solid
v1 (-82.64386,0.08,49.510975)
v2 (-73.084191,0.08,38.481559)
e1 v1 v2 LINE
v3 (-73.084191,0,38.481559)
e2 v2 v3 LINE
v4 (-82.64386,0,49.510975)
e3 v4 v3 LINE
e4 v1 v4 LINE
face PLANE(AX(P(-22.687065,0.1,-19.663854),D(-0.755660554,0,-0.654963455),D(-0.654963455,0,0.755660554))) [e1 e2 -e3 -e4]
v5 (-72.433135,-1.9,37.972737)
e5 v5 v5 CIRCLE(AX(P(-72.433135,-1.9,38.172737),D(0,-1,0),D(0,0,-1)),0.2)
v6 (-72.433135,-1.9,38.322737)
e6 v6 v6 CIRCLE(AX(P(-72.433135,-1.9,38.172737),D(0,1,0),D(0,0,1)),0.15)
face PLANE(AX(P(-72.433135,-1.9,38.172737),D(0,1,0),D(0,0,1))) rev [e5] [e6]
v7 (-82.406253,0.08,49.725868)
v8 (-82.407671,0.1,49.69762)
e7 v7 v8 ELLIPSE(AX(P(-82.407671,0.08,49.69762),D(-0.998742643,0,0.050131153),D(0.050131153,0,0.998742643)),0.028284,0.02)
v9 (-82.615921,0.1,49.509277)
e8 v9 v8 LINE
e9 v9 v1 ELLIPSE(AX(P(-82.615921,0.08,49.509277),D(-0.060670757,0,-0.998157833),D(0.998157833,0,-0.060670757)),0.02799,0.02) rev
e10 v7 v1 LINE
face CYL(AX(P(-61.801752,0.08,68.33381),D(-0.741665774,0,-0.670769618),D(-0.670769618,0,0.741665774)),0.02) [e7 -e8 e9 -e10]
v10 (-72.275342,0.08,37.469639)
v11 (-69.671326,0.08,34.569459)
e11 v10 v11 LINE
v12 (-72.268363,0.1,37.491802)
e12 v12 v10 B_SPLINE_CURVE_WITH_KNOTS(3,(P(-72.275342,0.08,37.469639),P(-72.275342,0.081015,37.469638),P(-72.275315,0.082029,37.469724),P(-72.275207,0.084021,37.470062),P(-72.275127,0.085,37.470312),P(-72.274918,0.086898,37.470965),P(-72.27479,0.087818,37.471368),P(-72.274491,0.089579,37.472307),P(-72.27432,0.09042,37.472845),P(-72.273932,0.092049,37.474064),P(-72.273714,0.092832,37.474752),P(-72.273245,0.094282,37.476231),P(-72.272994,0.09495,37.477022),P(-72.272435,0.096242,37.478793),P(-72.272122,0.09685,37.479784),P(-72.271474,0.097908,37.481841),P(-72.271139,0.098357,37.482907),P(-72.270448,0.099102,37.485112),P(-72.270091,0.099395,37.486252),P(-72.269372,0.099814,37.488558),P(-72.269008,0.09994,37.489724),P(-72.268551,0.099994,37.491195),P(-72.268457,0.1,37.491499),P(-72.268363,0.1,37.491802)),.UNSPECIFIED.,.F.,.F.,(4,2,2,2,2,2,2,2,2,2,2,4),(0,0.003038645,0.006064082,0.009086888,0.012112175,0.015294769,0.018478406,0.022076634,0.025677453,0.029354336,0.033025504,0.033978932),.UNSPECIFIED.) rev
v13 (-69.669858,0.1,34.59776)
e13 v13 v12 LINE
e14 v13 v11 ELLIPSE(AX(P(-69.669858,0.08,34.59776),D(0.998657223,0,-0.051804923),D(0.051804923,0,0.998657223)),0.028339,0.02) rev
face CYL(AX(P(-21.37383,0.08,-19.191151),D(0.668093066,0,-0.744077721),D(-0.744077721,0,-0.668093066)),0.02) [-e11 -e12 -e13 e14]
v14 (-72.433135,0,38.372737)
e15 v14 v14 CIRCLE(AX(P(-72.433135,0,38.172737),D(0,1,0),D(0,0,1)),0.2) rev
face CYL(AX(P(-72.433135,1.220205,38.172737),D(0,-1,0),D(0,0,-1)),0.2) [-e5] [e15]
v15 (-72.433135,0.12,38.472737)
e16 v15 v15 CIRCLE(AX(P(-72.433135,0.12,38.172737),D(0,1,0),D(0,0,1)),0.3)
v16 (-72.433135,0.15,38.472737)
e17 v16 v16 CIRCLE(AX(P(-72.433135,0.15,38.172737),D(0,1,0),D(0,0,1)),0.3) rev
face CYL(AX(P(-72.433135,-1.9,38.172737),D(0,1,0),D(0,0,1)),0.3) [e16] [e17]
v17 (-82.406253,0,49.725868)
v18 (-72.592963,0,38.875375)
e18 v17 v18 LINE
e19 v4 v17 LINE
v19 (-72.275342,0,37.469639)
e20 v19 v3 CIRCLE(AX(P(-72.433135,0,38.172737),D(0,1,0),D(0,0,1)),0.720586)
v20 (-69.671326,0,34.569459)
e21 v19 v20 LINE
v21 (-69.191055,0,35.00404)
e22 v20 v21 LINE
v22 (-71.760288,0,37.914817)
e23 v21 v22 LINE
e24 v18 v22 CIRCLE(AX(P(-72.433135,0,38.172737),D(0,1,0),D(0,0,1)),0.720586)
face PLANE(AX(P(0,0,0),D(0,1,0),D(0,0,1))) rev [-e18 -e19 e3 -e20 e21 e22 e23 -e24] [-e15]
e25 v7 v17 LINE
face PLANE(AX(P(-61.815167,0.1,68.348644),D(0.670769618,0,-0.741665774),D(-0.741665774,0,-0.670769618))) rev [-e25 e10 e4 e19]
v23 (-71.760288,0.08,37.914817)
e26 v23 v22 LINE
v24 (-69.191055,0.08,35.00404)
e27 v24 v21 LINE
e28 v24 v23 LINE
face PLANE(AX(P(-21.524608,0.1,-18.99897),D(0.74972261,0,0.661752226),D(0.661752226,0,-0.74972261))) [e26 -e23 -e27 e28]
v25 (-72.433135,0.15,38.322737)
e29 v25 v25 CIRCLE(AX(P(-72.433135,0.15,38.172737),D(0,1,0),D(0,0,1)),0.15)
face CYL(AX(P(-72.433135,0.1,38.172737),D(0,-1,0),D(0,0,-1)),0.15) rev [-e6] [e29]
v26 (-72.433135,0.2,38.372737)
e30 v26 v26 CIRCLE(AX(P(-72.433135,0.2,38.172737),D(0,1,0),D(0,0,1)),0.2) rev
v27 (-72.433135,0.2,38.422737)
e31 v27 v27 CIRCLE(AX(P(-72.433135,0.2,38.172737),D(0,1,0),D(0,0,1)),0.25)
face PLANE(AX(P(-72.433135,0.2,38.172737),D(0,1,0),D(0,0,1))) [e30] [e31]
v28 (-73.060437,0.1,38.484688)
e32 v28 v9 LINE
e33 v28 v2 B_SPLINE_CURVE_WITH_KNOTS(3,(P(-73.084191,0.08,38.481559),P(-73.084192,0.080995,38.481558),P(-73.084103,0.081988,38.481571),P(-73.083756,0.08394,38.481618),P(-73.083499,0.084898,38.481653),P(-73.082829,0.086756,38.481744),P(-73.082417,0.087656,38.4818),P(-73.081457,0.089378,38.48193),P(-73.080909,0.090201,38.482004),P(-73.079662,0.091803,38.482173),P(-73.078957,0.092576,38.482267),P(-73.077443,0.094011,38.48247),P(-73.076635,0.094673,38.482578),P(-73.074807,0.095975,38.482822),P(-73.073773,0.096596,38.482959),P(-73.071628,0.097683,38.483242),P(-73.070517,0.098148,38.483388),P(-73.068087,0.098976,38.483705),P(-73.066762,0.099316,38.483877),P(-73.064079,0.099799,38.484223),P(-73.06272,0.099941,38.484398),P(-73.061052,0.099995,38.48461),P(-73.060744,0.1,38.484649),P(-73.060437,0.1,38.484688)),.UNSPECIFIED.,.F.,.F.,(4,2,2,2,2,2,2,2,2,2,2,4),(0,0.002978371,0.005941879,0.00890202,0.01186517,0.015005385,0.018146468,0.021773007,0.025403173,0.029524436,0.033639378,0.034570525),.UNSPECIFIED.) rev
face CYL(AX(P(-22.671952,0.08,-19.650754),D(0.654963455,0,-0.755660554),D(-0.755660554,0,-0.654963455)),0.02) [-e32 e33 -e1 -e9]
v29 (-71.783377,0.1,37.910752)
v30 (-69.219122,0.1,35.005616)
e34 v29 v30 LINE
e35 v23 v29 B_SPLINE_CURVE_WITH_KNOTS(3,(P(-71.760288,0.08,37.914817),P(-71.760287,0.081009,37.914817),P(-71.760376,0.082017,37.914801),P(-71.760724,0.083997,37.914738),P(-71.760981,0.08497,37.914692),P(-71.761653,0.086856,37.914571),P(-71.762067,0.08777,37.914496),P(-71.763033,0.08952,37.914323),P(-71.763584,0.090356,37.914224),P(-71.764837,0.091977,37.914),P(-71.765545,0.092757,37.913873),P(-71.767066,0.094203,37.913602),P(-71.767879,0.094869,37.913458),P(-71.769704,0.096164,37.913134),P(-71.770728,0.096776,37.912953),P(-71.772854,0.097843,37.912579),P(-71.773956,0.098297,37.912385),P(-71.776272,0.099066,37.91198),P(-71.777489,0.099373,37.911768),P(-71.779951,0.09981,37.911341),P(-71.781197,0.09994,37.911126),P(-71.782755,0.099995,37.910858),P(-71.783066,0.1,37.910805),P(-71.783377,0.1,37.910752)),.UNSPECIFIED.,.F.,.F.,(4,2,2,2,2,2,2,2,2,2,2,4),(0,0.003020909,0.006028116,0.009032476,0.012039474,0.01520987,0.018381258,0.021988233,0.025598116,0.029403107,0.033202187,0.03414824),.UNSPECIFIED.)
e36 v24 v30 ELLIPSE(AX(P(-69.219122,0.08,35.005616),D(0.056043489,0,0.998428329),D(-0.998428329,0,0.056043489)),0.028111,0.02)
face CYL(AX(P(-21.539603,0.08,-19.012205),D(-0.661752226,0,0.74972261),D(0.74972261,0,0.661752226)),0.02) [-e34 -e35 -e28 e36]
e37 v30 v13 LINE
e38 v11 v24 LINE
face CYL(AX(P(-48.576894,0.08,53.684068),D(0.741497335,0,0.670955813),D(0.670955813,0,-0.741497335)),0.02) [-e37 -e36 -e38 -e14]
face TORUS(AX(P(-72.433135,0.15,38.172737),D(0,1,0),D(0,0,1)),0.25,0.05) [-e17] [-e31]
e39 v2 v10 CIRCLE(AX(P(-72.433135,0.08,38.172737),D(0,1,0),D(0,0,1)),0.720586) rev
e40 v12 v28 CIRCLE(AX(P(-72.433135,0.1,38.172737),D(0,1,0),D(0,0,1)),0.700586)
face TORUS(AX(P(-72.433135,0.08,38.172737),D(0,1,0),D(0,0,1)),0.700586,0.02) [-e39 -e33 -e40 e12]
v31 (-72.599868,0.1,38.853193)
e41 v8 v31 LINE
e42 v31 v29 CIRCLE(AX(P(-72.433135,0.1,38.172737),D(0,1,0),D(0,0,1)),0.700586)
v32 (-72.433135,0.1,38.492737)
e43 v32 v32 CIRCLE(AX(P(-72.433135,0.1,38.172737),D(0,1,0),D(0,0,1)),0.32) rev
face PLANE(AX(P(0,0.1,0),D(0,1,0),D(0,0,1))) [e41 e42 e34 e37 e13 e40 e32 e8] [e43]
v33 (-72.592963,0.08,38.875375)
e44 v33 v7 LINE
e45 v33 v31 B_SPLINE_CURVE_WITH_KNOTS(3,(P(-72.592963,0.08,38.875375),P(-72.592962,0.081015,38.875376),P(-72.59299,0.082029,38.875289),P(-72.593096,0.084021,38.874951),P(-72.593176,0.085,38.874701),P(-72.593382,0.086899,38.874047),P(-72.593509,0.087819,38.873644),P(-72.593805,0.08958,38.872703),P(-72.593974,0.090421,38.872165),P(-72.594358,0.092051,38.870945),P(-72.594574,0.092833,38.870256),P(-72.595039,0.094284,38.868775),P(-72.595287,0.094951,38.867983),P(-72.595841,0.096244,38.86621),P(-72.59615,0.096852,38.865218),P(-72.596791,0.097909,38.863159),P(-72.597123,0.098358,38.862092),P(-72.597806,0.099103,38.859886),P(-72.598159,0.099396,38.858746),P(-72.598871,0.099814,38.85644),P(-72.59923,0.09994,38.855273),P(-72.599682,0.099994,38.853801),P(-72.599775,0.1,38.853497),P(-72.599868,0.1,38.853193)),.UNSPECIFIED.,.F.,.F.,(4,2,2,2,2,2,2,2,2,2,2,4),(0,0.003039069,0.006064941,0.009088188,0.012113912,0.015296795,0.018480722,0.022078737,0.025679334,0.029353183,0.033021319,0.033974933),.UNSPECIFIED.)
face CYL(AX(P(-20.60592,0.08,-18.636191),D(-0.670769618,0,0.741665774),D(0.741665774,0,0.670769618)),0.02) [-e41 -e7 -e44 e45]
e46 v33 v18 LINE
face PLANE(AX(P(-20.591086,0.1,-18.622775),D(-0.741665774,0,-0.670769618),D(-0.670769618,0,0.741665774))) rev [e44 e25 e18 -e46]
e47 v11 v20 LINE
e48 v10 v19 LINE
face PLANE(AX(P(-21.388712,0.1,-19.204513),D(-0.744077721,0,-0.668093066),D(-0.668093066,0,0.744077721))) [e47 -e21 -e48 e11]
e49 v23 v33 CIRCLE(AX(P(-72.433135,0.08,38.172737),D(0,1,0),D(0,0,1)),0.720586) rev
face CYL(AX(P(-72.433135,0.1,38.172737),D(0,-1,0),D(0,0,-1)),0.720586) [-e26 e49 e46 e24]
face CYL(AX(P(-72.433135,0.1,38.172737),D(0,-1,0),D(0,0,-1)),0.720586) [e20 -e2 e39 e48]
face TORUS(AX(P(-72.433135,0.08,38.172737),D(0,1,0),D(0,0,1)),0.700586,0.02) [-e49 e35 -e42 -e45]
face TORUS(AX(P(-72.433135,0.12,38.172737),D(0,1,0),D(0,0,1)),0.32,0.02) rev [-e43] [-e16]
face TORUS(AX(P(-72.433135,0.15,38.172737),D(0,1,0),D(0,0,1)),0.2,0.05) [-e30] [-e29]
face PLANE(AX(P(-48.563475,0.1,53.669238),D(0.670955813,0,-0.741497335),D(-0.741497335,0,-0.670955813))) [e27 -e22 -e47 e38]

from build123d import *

# Parameters (mm, degrees)
SKETCH1_R                = 0.15
BOSS_EXTRUDE1_DEPTH      = 0.1
SKETCH2_R                = 0.3
SKETCH2_R_2              = 0.15
BOSS_EXTRUDE2_DEPTH      = 0.1
BOSS_EXTRUDE2_DEPTH_BACK = 2
FILLET1_R                = 0.05
FILLET2_R                = 0.02
SKETCH3_R                = 0.431407551
SKETCH3_R_2              = 0.2
CUT_EXTRUDE1_DEPTH       = 1.9


with BuildPart() as part:
    # Sketch1 → Boss-Extrude1 (new body)
    with BuildSketch(Plane(origin=(0, 0, 0), x_dir=(1, 0, 0), z_dir=(0, 1, 0))):
        with BuildLine():
            Line((-82.406253285, -49.725868429), (-72.592962822, -38.875374501))
            ThreePointArc((-72.592962822, -38.875374501), (-71.888648973, -38.644732606), (-71.760288486, -37.914816674))
            Line((-71.760288486, -37.914816674), (-69.191054527, -35.004040233))
            Line((-69.191054527, -35.004040233), (-69.671325788, -34.569459042))
            Line((-69.671325788, -34.569459042), (-72.275341711, -37.469639173))
            ThreePointArc((-72.275341711, -37.469639173), (-72.996004438, -37.722822834), (-73.084190733, -38.481558565))
            Line((-73.084190733, -38.481558565), (-82.643859616, -49.510974991))
            Line((-82.643859616, -49.510974991), (-82.406253285, -49.725868429))
        make_face()
        with Locations((-72.433134731, -38.172736745)):
            Circle(SKETCH1_R, mode=Mode.SUBTRACT)
    extrude(amount=BOSS_EXTRUDE1_DEPTH)

    # Sketch2 → Boss-Extrude2 (add, two sides)
    with BuildSketch(Plane(origin=(0, 0.1, 0), x_dir=(1, 0, 0), z_dir=(0, 1, 0))) as boss_extrude2_sk:
        with Locations((-72.433134731, -38.172736745)):
            Circle(SKETCH2_R)
        with Locations((-72.433134731, -38.172736745)):
            Circle(SKETCH2_R_2, mode=Mode.SUBTRACT)
    extrude(amount=BOSS_EXTRUDE2_DEPTH)
    extrude(boss_extrude2_sk.sketch, amount=-BOSS_EXTRUDE2_DEPTH_BACK)

    # Fillet1
    fillet1_edges = [part.edges().sort_by_distance(p)[0] for p in [
        (-72.583134731, 0.2, 38.172736745),
        (-72.733134731, 0.2, 38.172736745),
    ]]
    fillet(fillet1_edges, radius=FILLET1_R)

    # Fillet2
    fillet2_edges = [part.edges().sort_by_distance(p)[0] for p in [
        (-77.499608053, 0.1, 44.300621465),
        (-71.888648973, 0.1, 38.644732606),
        (-70.475671506, 0.1, 36.459428453),
        (-69.431190157, 0.1, 34.786749638),
        (-70.973333749, 0.1, 36.019549108),
        (-72.733134731, 0.1, 38.172736745),
        (-72.996004438, 0.1, 37.722822834),
        (-77.864025175, 0.1, 43.996266778),
        (-82.52505645, 0.1, 49.61842171),
    ]]
    fillet(fillet2_edges, radius=FILLET2_R)

    # Sketch3 → Cut-Extrude1 (cut)
    with BuildSketch(Plane.XZ.offset(1.9)):
        with Locations((-72.433134731, 38.172736745)):
            Circle(SKETCH3_R)
        with Locations((-72.433134731, 38.172736745)):
            Circle(SKETCH3_R_2, mode=Mode.SUBTRACT)
    extrude(amount=-CUT_EXTRUDE1_DEPTH, mode=Mode.SUBTRACT)


solid = part.part
